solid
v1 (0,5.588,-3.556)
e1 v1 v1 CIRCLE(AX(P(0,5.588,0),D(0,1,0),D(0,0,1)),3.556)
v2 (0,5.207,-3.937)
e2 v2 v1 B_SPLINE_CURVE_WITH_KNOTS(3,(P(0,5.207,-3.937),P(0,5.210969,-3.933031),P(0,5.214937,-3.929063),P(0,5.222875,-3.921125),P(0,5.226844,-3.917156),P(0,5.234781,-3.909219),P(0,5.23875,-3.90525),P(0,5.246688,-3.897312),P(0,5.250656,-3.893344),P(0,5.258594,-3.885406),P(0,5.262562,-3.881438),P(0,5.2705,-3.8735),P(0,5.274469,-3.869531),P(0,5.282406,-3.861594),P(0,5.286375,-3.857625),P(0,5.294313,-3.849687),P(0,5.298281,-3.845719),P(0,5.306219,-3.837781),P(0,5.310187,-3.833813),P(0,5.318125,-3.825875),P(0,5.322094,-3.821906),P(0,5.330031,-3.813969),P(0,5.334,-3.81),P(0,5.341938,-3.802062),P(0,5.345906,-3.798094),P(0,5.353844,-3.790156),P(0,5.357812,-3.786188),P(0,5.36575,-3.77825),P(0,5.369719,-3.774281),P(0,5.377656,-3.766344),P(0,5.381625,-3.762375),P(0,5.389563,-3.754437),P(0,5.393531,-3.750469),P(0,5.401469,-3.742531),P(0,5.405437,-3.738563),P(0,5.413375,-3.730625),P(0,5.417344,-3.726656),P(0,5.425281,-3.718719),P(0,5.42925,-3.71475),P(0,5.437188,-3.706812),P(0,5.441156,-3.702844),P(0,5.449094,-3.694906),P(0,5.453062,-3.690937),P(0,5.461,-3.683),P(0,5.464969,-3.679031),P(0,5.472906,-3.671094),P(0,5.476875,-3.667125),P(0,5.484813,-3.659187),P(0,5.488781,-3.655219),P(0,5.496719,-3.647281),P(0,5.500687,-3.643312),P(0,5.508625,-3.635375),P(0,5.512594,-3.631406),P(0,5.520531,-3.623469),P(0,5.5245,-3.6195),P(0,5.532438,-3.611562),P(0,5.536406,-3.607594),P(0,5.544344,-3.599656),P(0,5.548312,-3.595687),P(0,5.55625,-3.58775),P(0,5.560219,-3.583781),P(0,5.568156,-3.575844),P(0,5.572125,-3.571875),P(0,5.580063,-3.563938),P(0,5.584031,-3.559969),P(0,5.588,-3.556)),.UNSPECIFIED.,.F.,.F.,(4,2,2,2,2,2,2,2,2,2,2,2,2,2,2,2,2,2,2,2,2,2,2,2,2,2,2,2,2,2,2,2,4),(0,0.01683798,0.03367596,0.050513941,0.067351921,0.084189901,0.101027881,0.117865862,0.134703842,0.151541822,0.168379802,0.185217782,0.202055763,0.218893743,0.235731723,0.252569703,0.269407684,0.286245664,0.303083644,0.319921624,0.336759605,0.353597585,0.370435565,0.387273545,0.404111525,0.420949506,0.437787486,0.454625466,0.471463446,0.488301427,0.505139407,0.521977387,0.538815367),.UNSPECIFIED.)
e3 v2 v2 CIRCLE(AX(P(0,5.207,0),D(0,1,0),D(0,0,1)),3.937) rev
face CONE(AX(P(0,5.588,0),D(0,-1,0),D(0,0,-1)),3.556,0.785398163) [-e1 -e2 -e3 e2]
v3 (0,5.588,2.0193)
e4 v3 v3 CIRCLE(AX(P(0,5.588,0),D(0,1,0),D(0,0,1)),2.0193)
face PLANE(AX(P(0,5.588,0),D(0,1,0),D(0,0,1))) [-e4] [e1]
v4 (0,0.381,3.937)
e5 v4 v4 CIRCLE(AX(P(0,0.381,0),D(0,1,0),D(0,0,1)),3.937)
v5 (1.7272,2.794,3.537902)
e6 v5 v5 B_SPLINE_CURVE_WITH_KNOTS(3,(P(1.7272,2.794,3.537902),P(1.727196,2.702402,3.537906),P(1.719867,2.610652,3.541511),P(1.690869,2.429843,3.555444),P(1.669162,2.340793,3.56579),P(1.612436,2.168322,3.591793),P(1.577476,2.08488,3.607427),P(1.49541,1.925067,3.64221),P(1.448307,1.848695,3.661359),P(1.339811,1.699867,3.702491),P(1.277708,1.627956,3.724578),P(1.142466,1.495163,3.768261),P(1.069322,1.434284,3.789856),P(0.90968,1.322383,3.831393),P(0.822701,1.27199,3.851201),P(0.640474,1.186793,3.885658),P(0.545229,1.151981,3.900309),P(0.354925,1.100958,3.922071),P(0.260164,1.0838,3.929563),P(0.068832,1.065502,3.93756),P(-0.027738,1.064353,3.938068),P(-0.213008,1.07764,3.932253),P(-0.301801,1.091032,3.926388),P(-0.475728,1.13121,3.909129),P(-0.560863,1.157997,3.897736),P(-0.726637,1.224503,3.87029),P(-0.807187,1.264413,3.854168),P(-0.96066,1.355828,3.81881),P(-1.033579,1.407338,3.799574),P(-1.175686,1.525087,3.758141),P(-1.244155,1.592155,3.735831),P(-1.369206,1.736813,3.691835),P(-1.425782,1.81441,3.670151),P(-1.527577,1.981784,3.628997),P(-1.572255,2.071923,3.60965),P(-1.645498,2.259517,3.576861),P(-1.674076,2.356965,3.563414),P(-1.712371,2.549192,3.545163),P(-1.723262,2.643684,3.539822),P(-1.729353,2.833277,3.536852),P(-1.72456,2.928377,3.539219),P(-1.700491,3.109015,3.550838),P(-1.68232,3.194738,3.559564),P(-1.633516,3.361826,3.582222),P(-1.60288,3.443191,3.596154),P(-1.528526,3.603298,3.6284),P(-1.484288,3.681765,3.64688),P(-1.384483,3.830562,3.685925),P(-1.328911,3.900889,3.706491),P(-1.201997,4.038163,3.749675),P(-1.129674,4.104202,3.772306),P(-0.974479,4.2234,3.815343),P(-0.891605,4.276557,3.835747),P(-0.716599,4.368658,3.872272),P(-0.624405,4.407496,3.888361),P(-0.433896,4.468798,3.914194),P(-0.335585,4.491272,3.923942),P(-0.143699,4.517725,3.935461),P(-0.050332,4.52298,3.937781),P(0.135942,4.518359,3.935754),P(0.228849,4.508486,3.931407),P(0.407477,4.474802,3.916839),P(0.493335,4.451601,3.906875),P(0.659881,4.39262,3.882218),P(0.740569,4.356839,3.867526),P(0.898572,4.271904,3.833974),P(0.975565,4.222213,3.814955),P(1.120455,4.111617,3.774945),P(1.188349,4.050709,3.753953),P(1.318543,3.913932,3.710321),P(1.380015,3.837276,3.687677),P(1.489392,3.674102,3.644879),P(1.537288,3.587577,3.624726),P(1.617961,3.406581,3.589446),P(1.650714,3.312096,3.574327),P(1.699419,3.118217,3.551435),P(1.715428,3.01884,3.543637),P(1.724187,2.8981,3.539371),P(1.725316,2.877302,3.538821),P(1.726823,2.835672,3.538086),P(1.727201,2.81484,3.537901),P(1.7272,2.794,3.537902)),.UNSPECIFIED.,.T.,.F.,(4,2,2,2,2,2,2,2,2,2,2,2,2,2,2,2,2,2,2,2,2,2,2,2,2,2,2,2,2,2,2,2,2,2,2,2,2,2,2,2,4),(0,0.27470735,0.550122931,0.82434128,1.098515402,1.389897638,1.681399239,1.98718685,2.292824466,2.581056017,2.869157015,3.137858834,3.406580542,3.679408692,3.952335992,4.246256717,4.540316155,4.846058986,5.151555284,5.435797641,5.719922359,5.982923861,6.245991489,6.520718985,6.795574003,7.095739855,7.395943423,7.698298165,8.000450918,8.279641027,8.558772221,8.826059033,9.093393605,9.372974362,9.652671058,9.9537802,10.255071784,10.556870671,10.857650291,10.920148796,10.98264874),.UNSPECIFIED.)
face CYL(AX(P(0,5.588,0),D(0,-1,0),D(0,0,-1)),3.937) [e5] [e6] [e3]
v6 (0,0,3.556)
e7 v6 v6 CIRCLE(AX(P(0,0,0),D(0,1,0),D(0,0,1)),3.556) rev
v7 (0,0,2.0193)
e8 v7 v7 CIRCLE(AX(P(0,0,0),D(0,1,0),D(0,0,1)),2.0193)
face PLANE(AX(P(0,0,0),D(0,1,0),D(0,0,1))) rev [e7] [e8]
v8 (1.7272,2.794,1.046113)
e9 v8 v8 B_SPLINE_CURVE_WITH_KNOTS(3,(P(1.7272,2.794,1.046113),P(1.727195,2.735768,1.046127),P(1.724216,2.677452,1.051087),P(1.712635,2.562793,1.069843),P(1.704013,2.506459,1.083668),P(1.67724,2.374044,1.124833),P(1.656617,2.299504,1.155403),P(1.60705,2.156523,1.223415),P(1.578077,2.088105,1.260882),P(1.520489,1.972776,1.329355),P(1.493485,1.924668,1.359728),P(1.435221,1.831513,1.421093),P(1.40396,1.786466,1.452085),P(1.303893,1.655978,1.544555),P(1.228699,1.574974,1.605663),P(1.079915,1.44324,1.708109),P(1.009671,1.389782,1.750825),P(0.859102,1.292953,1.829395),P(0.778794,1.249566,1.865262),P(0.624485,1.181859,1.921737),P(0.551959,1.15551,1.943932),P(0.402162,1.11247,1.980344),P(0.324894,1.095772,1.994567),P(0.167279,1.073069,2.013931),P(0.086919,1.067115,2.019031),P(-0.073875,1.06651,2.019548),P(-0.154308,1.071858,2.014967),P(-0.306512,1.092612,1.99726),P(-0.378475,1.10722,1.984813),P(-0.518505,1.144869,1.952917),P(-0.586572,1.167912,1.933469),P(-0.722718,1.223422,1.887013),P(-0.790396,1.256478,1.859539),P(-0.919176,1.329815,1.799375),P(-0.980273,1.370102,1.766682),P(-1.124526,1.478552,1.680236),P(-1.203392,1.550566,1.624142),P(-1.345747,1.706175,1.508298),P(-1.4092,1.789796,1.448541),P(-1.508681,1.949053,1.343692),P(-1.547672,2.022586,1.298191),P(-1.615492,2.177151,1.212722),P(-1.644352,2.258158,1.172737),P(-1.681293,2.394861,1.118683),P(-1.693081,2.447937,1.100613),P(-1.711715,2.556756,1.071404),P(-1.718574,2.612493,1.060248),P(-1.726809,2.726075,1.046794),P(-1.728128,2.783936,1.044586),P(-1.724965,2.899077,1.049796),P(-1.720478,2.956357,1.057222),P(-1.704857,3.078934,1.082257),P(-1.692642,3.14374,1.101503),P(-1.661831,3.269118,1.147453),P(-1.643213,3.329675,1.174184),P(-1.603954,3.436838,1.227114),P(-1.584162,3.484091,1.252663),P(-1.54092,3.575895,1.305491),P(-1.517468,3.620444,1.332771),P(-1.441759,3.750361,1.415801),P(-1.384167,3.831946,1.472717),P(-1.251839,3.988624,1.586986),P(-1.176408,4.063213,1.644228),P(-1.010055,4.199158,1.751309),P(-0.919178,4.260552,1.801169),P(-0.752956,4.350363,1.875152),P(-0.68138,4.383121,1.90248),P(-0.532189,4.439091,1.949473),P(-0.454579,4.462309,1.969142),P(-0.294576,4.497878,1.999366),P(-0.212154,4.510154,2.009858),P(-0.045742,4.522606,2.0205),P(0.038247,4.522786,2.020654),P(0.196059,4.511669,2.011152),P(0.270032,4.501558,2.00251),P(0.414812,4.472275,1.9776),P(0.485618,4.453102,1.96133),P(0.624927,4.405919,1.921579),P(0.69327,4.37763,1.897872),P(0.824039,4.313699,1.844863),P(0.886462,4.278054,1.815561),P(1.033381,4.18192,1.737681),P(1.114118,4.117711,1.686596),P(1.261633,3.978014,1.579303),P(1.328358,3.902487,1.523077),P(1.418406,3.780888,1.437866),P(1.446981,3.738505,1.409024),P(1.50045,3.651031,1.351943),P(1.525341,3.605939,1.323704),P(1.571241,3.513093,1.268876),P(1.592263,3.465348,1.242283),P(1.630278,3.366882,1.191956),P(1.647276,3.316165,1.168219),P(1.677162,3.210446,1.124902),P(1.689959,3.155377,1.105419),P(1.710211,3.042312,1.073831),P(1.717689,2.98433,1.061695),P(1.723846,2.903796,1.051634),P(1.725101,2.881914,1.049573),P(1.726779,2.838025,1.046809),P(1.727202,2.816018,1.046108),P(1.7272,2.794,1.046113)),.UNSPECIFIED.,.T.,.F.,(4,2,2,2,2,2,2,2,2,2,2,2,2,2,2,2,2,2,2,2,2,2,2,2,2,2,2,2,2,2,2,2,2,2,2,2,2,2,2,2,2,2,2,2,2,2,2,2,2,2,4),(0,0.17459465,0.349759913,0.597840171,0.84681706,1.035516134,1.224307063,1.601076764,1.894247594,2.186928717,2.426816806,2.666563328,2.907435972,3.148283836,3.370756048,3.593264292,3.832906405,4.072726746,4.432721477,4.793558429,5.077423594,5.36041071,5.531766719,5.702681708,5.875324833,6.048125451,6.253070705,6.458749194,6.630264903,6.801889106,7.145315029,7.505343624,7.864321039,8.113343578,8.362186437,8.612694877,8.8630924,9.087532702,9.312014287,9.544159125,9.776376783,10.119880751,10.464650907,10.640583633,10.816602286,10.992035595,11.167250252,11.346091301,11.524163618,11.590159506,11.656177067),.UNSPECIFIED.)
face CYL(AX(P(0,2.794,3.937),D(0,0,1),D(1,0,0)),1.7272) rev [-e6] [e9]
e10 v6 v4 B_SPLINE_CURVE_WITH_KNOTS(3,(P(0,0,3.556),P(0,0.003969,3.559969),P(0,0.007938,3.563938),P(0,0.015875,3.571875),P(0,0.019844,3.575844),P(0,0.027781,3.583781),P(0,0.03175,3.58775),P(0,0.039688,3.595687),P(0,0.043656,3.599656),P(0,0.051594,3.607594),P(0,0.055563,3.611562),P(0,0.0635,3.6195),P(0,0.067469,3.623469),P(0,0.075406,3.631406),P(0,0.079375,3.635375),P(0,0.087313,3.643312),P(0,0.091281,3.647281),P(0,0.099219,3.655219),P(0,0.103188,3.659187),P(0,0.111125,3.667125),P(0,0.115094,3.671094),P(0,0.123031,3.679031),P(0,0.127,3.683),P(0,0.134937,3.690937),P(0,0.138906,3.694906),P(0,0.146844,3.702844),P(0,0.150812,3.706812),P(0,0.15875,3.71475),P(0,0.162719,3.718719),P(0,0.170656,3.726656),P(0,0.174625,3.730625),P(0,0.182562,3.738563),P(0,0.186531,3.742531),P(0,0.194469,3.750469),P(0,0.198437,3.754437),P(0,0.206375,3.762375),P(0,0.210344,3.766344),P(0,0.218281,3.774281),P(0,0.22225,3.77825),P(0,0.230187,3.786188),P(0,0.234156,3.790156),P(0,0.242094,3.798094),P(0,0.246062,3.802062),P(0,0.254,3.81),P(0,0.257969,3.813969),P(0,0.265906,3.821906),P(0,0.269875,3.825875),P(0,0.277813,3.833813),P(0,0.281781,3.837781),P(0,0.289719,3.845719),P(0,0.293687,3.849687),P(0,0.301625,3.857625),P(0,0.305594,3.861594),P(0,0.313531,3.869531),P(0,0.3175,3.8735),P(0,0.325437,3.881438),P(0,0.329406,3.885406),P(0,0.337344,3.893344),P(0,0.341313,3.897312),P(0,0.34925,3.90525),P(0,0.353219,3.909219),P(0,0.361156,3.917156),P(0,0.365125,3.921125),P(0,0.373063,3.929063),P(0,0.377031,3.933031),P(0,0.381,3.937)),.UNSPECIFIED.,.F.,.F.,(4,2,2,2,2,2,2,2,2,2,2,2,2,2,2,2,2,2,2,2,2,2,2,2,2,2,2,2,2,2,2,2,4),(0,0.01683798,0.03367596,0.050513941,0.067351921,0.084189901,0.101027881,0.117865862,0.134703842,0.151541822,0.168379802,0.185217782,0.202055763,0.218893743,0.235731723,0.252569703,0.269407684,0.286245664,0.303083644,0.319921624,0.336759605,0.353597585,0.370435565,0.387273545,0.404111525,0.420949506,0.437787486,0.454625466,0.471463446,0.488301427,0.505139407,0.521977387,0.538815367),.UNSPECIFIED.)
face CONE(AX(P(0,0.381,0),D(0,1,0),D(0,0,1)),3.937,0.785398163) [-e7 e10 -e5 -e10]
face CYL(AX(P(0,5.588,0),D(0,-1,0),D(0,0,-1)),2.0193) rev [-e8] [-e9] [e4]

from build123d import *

# Parameters (mm, degrees)
SKETCH1_R                  = 3.937
SKETCH1_R_2                = 2.0193
BOSS_EXTRUDE1_DEPTH        = 5.588
F_8_32_TAPPED_HOLE1_REACH  = 11.236
F_8_32_TAPPED_HOLE1_BORE_R = 1.7272
CHAMFER1_SIZE              = 0.381


with BuildPart() as part:
    # Sketch1 → Boss-Extrude1 (new body)
    with BuildSketch(Plane(origin=(0, 0, 0), x_dir=(1, 0, 0), z_dir=(0, 1, 0))):
        with Locations(Location((0, 0, 0), (0, 0, 270))):
            Circle(SKETCH1_R)
        with Locations(Location((0, 0, 0), (0, 0, 270))):
            Circle(SKETCH1_R_2, mode=Mode.SUBTRACT)
    extrude(amount=BOSS_EXTRUDE1_DEPTH)

    # #8-32 Tapped Hole1 bore (on position points) → #8-32 Tapped Hole1 (cut, up to next)
    with BuildSketch(Plane(origin=(0, 2.794, 3.937), x_dir=(1, 0, 0), z_dir=(0, 0, 1)), mode=Mode.PRIVATE) as f_8_32_tapped_hole1_sk1:
        Circle(F_8_32_TAPPED_HOLE1_BORE_R)
    f_8_32_tapped_hole1_tool1 = extrude(f_8_32_tapped_hole1_sk1.sketch, amount=-F_8_32_TAPPED_HOLE1_REACH, mode=Mode.PRIVATE) & part.part
    add(f_8_32_tapped_hole1_tool1.solids().sort_by_distance((0, 2.794, 3.937))[0], mode=Mode.SUBTRACT)

    # Chamfer1
    chamfer1_edges = [part.edges().sort_by_distance(p)[0] for p in [
        (0, 0, -3.937),
        (0, 5.588, -3.937),
    ]]
    chamfer(chamfer1_edges, length=CHAMFER1_SIZE)


solid = part.part
